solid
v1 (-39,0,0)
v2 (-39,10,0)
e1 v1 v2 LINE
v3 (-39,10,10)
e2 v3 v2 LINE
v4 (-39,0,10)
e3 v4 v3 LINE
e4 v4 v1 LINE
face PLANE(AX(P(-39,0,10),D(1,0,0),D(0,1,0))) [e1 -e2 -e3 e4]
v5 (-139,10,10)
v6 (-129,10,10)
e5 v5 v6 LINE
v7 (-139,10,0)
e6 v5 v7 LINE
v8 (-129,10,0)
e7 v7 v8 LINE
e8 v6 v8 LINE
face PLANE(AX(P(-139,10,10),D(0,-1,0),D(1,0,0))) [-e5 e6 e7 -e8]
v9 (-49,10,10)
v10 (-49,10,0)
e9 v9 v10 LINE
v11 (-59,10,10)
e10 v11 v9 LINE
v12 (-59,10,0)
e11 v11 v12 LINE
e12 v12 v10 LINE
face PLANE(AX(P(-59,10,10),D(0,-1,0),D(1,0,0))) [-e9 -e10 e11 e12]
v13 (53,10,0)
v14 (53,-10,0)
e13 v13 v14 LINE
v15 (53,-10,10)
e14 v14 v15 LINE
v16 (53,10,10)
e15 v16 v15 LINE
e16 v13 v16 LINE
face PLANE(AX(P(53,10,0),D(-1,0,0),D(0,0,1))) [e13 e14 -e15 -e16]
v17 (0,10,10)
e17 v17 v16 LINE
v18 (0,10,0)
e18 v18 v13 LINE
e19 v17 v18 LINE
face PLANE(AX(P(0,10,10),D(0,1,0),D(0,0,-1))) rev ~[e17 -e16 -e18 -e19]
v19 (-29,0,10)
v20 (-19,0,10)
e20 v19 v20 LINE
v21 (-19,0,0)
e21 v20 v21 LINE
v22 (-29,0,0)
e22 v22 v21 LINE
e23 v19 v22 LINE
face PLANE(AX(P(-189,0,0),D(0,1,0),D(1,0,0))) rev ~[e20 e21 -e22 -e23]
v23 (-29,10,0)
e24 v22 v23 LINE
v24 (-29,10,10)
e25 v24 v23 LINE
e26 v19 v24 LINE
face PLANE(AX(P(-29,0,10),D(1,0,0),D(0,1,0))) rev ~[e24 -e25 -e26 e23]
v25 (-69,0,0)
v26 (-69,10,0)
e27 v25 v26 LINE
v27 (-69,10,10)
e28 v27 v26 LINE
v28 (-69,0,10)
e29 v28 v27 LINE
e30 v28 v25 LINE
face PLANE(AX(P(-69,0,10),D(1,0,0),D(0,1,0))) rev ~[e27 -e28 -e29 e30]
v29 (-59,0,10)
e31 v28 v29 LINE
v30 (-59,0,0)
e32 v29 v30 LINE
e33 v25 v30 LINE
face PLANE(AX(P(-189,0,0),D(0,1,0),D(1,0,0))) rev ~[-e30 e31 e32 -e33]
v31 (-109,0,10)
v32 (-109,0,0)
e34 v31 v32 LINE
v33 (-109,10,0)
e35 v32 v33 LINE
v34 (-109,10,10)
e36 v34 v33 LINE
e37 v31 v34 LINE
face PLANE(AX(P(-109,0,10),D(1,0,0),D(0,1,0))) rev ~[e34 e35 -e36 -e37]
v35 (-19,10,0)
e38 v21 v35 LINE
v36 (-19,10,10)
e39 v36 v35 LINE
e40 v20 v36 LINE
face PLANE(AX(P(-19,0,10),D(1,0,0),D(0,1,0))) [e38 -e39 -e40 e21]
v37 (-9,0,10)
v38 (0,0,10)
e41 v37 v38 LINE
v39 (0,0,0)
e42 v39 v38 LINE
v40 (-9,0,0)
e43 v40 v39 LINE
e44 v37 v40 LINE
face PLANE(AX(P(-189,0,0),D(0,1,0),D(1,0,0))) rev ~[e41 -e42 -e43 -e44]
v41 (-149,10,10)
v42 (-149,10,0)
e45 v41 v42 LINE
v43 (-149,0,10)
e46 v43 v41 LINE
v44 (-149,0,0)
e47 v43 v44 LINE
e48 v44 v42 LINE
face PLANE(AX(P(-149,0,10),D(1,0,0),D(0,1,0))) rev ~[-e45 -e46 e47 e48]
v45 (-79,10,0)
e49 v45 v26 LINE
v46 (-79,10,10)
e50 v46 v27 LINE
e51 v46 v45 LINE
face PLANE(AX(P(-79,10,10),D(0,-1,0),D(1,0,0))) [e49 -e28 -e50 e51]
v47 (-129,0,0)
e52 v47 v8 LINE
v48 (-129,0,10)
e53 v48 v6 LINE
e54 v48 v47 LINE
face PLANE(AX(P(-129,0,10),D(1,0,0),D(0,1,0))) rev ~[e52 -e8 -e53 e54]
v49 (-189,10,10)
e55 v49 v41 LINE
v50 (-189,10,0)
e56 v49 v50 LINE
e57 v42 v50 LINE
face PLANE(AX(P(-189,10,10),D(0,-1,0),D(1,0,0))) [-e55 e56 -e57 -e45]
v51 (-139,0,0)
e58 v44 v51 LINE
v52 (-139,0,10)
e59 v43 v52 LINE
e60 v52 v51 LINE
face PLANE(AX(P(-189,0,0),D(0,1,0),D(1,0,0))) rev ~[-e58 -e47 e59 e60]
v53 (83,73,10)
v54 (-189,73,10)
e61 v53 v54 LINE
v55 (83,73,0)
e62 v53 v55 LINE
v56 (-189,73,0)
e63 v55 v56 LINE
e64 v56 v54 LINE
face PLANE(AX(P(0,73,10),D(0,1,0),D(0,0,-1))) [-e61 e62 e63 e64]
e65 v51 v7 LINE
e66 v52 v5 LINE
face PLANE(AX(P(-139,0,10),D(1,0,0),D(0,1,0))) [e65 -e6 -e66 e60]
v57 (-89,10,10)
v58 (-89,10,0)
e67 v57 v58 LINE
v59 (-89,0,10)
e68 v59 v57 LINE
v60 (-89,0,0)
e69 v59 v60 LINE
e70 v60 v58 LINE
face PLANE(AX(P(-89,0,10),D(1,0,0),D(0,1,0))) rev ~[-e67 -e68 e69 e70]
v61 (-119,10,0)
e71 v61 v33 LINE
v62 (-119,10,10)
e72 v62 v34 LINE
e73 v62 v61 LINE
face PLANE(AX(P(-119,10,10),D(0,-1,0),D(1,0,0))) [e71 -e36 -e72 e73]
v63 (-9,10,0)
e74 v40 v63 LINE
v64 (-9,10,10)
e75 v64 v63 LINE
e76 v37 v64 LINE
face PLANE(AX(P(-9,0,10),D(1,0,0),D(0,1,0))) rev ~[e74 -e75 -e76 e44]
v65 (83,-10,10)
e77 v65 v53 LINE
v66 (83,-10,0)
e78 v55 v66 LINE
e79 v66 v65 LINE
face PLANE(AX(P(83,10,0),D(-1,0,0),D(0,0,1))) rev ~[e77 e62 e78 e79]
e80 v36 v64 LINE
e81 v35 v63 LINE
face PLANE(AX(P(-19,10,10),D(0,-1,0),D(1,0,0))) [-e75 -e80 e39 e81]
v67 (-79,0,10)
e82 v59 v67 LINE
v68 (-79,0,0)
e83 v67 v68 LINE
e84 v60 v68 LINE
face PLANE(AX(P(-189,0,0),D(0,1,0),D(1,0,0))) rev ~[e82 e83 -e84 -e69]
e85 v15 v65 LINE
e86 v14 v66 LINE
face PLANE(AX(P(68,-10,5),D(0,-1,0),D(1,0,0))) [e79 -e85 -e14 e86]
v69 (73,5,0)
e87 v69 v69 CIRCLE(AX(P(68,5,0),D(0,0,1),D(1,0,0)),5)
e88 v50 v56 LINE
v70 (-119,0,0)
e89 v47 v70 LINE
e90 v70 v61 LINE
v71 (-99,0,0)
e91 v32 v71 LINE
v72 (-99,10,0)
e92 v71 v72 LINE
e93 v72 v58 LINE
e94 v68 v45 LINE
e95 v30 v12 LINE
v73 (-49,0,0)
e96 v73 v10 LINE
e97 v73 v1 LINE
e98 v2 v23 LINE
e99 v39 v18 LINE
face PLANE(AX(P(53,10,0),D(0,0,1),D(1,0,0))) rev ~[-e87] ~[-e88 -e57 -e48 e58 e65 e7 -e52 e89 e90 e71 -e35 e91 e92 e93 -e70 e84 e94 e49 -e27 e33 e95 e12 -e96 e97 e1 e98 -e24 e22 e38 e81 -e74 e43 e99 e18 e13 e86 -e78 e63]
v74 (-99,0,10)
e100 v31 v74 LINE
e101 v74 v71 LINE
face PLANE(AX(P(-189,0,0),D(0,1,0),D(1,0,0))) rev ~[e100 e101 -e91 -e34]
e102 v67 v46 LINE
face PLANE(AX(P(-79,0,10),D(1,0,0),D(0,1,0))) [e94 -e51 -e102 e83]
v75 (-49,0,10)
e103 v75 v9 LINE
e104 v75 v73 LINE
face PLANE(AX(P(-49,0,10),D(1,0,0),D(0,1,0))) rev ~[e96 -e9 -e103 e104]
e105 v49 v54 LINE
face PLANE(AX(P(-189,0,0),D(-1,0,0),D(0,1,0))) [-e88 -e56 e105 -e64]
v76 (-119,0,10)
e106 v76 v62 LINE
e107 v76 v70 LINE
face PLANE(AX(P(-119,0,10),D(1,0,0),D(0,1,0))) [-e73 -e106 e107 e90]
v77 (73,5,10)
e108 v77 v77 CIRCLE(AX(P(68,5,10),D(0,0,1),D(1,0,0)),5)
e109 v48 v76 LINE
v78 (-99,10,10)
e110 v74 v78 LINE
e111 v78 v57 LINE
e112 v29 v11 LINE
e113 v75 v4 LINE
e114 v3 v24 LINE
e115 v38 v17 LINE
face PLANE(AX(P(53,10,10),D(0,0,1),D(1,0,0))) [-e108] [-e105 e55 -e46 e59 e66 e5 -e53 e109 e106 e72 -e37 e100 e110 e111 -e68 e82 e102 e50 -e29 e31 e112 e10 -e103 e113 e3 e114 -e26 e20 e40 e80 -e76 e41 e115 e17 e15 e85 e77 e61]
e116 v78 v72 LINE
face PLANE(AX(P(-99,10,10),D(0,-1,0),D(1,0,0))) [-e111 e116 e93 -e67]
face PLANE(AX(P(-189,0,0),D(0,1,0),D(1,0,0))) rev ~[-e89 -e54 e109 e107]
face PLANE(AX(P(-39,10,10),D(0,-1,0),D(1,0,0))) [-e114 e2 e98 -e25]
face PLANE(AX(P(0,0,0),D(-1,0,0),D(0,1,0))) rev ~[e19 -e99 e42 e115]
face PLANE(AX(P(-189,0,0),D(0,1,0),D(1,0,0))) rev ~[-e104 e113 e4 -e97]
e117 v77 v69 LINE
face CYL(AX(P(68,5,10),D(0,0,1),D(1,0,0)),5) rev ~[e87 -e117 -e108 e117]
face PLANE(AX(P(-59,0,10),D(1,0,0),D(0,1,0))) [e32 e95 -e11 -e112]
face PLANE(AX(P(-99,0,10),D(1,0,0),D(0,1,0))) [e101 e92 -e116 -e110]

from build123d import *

# Parameters (mm, degrees)
ESQUISSE1_W                = 189
ESQUISSE1_H                = 73
BOSS_EXTRU_1_DEPTH         = 10
ESQUISSE2_W                = 10
ESQUISSE2_H                = 10
ENL_V_MAT_EXTRU_2_DEPTH    = 10
R_P_TITION_LIN_AIRE2_COUNT = 8
R_P_TITION_LIN_AIRE2_PITCH = 20
ESQUISSE3_W                = 30
ESQUISSE3_H                = 10
ENL_V_MAT_EXTRU_3_DEPTH    = 10
ESQUISSE4_W                = 10
ESQUISSE4_H                = 63
BOSS_EXTRU_2_DEPTH         = 83
ESQUISSE5_W                = 30
ESQUISSE5_H                = 10
BOSS_EXTRU_3_DEPTH         = 20
ESQUISSE6_R                = 5
ENL_V_MAT_EXTRU_4_DEPTH    = 10


with BuildPart() as part:
    # Esquisse1 → Boss.-Extru.1 (new body)
    with BuildSketch(Plane.XY):
        with Locations((-94.5, 36.5)):
            Rectangle(ESQUISSE1_W, ESQUISSE1_H)
    extrude(amount=BOSS_EXTRU_1_DEPTH)

    # Esquisse2 → Enlèv. mat.-Extru.2 (cut)
    with BuildSketch(Plane.XY.offset(10)):
        with Locations((-154, 5)):
            Rectangle(ESQUISSE2_W, ESQUISSE2_H)
    enl_v_mat_extru_2 = extrude(amount=-ENL_V_MAT_EXTRU_2_DEPTH, mode=Mode.SUBTRACT)

    # Répétition linéaire2: Enlèv. mat.-Extru.2 ×8
    with Locations(*[(i * R_P_TITION_LIN_AIRE2_PITCH, 0, 0) for i in range(1, R_P_TITION_LIN_AIRE2_COUNT)]):
        add(enl_v_mat_extru_2, mode=Mode.SUBTRACT)

    # Esquisse3 → Enlèv. mat.-Extru.3 (cut)
    with BuildSketch(Plane.XY.offset(10)):
        with Locations((-174, 5)):
            Rectangle(ESQUISSE3_W, ESQUISSE3_H)
    extrude(amount=-ENL_V_MAT_EXTRU_3_DEPTH, mode=Mode.SUBTRACT)

    # Esquisse4 → Boss.-Extru.2 (add)
    with BuildSketch(Plane(origin=(0, 0, 0), x_dir=(0, 0, -1), z_dir=(1, 0, 0))):
        with Locations((-5, 41.5)):
            Rectangle(ESQUISSE4_W, ESQUISSE4_H)
    extrude(amount=BOSS_EXTRU_2_DEPTH)

    # Esquisse5 → Boss.-Extru.3 (add)
    with BuildSketch(Plane.XZ.offset(-10)):
        with Locations((68, 5)):
            Rectangle(ESQUISSE5_W, ESQUISSE5_H)
    extrude(amount=BOSS_EXTRU_3_DEPTH)

    # Esquisse6 → Enlèv. mat.-Extru.4 (cut)
    with BuildSketch(Plane.XY.offset(10)):
        with Locations((68, 5)):
            Circle(ESQUISSE6_R)
    extrude(amount=-ENL_V_MAT_EXTRU_4_DEPTH, mode=Mode.SUBTRACT)


solid = part.part
